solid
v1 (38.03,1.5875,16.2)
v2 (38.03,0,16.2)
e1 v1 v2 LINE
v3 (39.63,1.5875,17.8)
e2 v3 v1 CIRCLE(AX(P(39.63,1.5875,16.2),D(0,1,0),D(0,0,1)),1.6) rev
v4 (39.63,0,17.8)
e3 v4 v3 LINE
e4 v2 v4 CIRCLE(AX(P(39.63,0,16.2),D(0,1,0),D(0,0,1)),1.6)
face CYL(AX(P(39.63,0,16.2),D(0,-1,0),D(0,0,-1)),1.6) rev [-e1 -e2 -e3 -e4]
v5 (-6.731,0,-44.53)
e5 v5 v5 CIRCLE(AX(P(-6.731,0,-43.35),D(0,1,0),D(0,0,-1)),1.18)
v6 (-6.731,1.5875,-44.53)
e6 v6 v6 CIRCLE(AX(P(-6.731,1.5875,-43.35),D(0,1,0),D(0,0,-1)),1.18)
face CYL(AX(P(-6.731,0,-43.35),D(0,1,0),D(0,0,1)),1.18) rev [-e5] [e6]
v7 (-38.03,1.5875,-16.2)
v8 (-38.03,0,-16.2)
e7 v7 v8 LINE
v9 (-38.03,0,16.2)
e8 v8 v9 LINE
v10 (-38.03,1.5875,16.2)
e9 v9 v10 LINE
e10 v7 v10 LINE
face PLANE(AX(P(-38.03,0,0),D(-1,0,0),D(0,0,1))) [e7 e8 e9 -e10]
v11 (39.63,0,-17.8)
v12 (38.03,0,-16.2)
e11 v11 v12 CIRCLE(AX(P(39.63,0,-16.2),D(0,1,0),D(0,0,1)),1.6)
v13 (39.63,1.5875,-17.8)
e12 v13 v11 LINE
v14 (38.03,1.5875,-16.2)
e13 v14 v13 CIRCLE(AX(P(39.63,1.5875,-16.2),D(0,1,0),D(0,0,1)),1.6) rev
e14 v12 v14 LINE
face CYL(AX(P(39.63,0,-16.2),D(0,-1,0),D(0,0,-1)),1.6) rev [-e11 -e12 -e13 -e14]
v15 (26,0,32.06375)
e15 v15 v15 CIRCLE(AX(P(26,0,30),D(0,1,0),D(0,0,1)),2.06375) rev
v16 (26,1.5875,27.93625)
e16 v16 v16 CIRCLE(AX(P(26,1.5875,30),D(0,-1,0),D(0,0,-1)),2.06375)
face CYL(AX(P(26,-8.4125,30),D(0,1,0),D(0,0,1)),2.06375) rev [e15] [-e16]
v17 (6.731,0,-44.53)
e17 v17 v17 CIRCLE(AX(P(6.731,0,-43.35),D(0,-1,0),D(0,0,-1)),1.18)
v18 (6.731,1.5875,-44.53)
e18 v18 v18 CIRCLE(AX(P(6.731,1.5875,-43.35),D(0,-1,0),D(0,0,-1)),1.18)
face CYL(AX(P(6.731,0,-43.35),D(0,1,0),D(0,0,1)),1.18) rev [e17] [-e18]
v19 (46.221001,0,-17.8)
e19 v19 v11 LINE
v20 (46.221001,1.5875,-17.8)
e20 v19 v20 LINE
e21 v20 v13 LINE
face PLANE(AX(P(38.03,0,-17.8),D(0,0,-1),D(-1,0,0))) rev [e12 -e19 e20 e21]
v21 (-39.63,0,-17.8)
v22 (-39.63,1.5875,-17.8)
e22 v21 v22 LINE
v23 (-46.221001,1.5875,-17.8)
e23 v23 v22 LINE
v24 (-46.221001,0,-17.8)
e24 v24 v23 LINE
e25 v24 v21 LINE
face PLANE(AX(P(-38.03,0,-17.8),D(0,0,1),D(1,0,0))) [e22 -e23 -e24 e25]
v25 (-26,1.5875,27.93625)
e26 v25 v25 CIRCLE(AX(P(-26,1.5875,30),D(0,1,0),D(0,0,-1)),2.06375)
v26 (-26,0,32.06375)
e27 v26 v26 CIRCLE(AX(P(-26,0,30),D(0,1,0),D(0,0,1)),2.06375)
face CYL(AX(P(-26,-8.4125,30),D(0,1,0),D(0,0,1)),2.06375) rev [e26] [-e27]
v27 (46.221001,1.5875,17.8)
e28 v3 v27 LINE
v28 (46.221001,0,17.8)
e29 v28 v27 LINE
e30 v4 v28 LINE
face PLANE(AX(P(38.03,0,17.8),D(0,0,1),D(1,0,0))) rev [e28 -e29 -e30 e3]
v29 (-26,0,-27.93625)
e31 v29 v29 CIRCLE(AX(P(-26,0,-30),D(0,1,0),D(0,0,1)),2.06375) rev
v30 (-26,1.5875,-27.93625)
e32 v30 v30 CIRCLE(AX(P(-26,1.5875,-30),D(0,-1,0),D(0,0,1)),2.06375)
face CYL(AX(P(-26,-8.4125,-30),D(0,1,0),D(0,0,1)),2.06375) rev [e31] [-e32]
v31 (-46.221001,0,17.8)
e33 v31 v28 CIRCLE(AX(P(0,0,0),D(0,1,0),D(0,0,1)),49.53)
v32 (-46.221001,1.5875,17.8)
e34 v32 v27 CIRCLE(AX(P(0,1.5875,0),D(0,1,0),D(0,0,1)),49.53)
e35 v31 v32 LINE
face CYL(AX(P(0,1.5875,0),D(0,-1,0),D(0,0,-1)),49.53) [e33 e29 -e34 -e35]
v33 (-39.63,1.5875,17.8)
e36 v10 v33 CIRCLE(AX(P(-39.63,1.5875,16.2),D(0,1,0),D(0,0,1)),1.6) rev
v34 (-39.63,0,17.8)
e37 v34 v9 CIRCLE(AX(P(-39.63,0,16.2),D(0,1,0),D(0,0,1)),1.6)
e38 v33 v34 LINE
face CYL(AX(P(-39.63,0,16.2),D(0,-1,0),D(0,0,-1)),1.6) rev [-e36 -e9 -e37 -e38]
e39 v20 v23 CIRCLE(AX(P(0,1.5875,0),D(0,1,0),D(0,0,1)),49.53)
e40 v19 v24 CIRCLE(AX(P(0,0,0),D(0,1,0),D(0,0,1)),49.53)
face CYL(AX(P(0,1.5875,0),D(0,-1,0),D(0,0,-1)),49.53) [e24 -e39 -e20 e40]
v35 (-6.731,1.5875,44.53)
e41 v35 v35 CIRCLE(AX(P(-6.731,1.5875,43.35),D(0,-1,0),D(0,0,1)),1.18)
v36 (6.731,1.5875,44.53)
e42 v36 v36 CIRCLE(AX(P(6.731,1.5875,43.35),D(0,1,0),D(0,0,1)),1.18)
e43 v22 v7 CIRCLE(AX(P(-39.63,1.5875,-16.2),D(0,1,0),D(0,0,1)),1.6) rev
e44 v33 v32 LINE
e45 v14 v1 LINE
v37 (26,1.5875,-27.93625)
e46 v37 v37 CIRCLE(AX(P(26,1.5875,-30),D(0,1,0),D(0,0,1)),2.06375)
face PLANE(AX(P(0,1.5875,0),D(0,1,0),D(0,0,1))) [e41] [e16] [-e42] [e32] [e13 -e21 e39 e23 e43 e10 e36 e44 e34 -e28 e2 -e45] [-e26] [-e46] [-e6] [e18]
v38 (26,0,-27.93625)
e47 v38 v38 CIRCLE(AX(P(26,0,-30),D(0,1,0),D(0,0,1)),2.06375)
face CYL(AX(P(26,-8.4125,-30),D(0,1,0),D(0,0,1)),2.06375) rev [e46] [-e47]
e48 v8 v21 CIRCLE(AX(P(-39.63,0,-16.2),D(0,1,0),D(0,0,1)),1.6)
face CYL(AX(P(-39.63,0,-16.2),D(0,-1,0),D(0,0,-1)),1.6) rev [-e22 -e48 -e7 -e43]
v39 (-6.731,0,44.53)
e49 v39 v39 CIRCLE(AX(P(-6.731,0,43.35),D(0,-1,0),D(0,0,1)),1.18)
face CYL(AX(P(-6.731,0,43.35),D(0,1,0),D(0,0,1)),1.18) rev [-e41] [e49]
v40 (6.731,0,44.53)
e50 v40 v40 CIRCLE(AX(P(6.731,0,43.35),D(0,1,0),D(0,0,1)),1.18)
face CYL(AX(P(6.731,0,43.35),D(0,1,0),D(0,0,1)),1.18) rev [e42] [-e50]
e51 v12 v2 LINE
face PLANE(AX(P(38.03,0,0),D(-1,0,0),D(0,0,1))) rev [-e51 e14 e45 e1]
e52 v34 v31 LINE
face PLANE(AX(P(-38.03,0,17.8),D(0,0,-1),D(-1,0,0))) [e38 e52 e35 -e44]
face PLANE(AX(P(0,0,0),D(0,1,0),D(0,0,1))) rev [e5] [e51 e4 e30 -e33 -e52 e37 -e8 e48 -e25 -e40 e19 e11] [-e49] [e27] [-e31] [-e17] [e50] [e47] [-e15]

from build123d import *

# Parameters (mm, degrees)
SKETCH1_R               = 49.53
EXTRUDE1_DEPTH          = 1.5875
SKETCH2_R               = 2.06375
EXTRUDE2_DEPTH          = 10
MIRROR3_COPY_1_SKETCH_R = 2.06375
MIRROR3_COPY_1_DEPTH    = 10
MIRROR3_COPY_2_SKETCH_R = 2.06375
MIRROR3_COPY_2_DEPTH    = 10
CUT_EXTRUDE1_DEPTH      = 71.06398473
FILLET5_R               = 1.6
FILLET5_OF_MIRROR4_R    = 1.6
SKETCH4_R               = 1.18
CUT_EXTRUDE2_DEPTH      = 68.765197235
MIRROR6_COPY_1_SKETCH_R = 1.18
MIRROR6_COPY_1_DEPTH    = 68.765197235
MIRROR6_COPY_2_SKETCH_R = 1.18
MIRROR6_COPY_2_DEPTH    = 68.765197235


with BuildPart() as part:
    # Sketch1 → Extrude1 (new body)
    with BuildSketch(Plane(origin=(0, 0, 0), x_dir=(1, 0, 0), z_dir=(0, 1, 0))):
        Circle(SKETCH1_R)
    extrude(amount=EXTRUDE1_DEPTH)

    # Sketch2 → Extrude2 (cut)
    with BuildSketch(Plane(origin=(0, 1.5875, 0), x_dir=(-1, 0, 0), z_dir=(0, 1, 0))):
        with Locations((-26, -30)):
            Circle(SKETCH2_R)
    extrude2 = extrude(amount=-EXTRUDE2_DEPTH, mode=Mode.SUBTRACT)

    # Mirror1: Extrude2 across plane
    add(extrude2.mirror(Plane(origin=(0, 0, 0), x_dir=(0, 0, 1), z_dir=(1, 0, 0))), mode=Mode.SUBTRACT)

    # Mirror3 copy 1 sketch → Mirror3 copy 1 (cut)
    with BuildSketch(Plane(origin=(0, 1.5875, 0), x_dir=(1, 0, 0), z_dir=(0, 1, 0))):
        with Locations((-26, -30)):
            Circle(MIRROR3_COPY_1_SKETCH_R)
    extrude(amount=-MIRROR3_COPY_1_DEPTH, mode=Mode.SUBTRACT)

    # Mirror3 copy 2 sketch → Mirror3 copy 2 (cut)
    with BuildSketch(Plane(origin=(0, 1.5875, 0), x_dir=(-1, 0, 0), z_dir=(0, 1, 0))):
        with Locations((-26, 30)):
            Circle(MIRROR3_COPY_2_SKETCH_R)
    extrude(amount=-MIRROR3_COPY_2_DEPTH, mode=Mode.SUBTRACT)

    # Sketch3 → Cut-Extrude1 (cut, through all)
    with BuildSketch(Plane(origin=(0, 1.5875, 0), x_dir=(1, 0, 0), z_dir=(0, 1, 0))):
        with BuildLine():
            Line((38.03, 0), (38.03, 17.8))
            Line((38.03, 17.8), (46.221000638, 17.8))
            ThreePointArc((46.221000638, 17.8), (49.53, 0), (46.221000638, -17.8))
            Line((46.221000638, -17.8), (38.03, -17.8))
            Line((38.03, -17.8), (38.03, 0))
        make_face()
    cut_extrude1 = extrude(amount=-CUT_EXTRUDE1_DEPTH, mode=Mode.SUBTRACT)

    # Fillet5
    fillet5_edges = [part.edges().sort_by_distance(p)[0] for p in [
        (38.03, 0.79375, 17.8),
        (38.03, 0.79375, -17.8),
    ]]
    fillet(fillet5_edges, radius=FILLET5_R)

    # Mirror4: Cut-Extrude1 across plane
    add(cut_extrude1.mirror(Plane(origin=(0, 0, 0), x_dir=(0, 0, 1), z_dir=(1, 0, 0))), mode=Mode.SUBTRACT)

    # Fillet5 of Mirror4
    fillet5_of_mirror4_edges = [part.edges().sort_by_distance(p)[0] for p in [
        (-38.03, 0.79375, 17.8),
        (-38.03, 0.79375, -17.8),
    ]]
    fillet(fillet5_of_mirror4_edges, radius=FILLET5_OF_MIRROR4_R)

    # Sketch4 → Cut-Extrude2 (cut, through all)
    with BuildSketch(Plane(origin=(0, 1.5875, 0), x_dir=(1, 0, 0), z_dir=(0, 1, 0))):
        with Locations((6.731, -43.35)):
            Circle(SKETCH4_R)
    cut_extrude2 = extrude(amount=-CUT_EXTRUDE2_DEPTH, mode=Mode.SUBTRACT)

    # Mirror5: Cut-Extrude2 across plane
    add(cut_extrude2.mirror(Plane.XY), mode=Mode.SUBTRACT)

    # Mirror6 copy 1 sketch → Mirror6 copy 1 (cut, through all)
    with BuildSketch(Plane(origin=(0, 1.5875, 0), x_dir=(-1, 0, 0), z_dir=(0, 1, 0))):
        with Locations((6.731, -43.35)):
            Circle(MIRROR6_COPY_1_SKETCH_R)
    extrude(amount=-MIRROR6_COPY_1_DEPTH, mode=Mode.SUBTRACT)

    # Mirror6 copy 2 sketch → Mirror6 copy 2 (cut, through all)
    with BuildSketch(Plane(origin=(0, 1.5875, 0), x_dir=(-1, 0, 0), z_dir=(0, 1, 0))):
        with Locations((6.731, 43.35)):
            Circle(MIRROR6_COPY_2_SKETCH_R)
    extrude(amount=-MIRROR6_COPY_2_DEPTH, mode=Mode.SUBTRACT)


solid = part.part
